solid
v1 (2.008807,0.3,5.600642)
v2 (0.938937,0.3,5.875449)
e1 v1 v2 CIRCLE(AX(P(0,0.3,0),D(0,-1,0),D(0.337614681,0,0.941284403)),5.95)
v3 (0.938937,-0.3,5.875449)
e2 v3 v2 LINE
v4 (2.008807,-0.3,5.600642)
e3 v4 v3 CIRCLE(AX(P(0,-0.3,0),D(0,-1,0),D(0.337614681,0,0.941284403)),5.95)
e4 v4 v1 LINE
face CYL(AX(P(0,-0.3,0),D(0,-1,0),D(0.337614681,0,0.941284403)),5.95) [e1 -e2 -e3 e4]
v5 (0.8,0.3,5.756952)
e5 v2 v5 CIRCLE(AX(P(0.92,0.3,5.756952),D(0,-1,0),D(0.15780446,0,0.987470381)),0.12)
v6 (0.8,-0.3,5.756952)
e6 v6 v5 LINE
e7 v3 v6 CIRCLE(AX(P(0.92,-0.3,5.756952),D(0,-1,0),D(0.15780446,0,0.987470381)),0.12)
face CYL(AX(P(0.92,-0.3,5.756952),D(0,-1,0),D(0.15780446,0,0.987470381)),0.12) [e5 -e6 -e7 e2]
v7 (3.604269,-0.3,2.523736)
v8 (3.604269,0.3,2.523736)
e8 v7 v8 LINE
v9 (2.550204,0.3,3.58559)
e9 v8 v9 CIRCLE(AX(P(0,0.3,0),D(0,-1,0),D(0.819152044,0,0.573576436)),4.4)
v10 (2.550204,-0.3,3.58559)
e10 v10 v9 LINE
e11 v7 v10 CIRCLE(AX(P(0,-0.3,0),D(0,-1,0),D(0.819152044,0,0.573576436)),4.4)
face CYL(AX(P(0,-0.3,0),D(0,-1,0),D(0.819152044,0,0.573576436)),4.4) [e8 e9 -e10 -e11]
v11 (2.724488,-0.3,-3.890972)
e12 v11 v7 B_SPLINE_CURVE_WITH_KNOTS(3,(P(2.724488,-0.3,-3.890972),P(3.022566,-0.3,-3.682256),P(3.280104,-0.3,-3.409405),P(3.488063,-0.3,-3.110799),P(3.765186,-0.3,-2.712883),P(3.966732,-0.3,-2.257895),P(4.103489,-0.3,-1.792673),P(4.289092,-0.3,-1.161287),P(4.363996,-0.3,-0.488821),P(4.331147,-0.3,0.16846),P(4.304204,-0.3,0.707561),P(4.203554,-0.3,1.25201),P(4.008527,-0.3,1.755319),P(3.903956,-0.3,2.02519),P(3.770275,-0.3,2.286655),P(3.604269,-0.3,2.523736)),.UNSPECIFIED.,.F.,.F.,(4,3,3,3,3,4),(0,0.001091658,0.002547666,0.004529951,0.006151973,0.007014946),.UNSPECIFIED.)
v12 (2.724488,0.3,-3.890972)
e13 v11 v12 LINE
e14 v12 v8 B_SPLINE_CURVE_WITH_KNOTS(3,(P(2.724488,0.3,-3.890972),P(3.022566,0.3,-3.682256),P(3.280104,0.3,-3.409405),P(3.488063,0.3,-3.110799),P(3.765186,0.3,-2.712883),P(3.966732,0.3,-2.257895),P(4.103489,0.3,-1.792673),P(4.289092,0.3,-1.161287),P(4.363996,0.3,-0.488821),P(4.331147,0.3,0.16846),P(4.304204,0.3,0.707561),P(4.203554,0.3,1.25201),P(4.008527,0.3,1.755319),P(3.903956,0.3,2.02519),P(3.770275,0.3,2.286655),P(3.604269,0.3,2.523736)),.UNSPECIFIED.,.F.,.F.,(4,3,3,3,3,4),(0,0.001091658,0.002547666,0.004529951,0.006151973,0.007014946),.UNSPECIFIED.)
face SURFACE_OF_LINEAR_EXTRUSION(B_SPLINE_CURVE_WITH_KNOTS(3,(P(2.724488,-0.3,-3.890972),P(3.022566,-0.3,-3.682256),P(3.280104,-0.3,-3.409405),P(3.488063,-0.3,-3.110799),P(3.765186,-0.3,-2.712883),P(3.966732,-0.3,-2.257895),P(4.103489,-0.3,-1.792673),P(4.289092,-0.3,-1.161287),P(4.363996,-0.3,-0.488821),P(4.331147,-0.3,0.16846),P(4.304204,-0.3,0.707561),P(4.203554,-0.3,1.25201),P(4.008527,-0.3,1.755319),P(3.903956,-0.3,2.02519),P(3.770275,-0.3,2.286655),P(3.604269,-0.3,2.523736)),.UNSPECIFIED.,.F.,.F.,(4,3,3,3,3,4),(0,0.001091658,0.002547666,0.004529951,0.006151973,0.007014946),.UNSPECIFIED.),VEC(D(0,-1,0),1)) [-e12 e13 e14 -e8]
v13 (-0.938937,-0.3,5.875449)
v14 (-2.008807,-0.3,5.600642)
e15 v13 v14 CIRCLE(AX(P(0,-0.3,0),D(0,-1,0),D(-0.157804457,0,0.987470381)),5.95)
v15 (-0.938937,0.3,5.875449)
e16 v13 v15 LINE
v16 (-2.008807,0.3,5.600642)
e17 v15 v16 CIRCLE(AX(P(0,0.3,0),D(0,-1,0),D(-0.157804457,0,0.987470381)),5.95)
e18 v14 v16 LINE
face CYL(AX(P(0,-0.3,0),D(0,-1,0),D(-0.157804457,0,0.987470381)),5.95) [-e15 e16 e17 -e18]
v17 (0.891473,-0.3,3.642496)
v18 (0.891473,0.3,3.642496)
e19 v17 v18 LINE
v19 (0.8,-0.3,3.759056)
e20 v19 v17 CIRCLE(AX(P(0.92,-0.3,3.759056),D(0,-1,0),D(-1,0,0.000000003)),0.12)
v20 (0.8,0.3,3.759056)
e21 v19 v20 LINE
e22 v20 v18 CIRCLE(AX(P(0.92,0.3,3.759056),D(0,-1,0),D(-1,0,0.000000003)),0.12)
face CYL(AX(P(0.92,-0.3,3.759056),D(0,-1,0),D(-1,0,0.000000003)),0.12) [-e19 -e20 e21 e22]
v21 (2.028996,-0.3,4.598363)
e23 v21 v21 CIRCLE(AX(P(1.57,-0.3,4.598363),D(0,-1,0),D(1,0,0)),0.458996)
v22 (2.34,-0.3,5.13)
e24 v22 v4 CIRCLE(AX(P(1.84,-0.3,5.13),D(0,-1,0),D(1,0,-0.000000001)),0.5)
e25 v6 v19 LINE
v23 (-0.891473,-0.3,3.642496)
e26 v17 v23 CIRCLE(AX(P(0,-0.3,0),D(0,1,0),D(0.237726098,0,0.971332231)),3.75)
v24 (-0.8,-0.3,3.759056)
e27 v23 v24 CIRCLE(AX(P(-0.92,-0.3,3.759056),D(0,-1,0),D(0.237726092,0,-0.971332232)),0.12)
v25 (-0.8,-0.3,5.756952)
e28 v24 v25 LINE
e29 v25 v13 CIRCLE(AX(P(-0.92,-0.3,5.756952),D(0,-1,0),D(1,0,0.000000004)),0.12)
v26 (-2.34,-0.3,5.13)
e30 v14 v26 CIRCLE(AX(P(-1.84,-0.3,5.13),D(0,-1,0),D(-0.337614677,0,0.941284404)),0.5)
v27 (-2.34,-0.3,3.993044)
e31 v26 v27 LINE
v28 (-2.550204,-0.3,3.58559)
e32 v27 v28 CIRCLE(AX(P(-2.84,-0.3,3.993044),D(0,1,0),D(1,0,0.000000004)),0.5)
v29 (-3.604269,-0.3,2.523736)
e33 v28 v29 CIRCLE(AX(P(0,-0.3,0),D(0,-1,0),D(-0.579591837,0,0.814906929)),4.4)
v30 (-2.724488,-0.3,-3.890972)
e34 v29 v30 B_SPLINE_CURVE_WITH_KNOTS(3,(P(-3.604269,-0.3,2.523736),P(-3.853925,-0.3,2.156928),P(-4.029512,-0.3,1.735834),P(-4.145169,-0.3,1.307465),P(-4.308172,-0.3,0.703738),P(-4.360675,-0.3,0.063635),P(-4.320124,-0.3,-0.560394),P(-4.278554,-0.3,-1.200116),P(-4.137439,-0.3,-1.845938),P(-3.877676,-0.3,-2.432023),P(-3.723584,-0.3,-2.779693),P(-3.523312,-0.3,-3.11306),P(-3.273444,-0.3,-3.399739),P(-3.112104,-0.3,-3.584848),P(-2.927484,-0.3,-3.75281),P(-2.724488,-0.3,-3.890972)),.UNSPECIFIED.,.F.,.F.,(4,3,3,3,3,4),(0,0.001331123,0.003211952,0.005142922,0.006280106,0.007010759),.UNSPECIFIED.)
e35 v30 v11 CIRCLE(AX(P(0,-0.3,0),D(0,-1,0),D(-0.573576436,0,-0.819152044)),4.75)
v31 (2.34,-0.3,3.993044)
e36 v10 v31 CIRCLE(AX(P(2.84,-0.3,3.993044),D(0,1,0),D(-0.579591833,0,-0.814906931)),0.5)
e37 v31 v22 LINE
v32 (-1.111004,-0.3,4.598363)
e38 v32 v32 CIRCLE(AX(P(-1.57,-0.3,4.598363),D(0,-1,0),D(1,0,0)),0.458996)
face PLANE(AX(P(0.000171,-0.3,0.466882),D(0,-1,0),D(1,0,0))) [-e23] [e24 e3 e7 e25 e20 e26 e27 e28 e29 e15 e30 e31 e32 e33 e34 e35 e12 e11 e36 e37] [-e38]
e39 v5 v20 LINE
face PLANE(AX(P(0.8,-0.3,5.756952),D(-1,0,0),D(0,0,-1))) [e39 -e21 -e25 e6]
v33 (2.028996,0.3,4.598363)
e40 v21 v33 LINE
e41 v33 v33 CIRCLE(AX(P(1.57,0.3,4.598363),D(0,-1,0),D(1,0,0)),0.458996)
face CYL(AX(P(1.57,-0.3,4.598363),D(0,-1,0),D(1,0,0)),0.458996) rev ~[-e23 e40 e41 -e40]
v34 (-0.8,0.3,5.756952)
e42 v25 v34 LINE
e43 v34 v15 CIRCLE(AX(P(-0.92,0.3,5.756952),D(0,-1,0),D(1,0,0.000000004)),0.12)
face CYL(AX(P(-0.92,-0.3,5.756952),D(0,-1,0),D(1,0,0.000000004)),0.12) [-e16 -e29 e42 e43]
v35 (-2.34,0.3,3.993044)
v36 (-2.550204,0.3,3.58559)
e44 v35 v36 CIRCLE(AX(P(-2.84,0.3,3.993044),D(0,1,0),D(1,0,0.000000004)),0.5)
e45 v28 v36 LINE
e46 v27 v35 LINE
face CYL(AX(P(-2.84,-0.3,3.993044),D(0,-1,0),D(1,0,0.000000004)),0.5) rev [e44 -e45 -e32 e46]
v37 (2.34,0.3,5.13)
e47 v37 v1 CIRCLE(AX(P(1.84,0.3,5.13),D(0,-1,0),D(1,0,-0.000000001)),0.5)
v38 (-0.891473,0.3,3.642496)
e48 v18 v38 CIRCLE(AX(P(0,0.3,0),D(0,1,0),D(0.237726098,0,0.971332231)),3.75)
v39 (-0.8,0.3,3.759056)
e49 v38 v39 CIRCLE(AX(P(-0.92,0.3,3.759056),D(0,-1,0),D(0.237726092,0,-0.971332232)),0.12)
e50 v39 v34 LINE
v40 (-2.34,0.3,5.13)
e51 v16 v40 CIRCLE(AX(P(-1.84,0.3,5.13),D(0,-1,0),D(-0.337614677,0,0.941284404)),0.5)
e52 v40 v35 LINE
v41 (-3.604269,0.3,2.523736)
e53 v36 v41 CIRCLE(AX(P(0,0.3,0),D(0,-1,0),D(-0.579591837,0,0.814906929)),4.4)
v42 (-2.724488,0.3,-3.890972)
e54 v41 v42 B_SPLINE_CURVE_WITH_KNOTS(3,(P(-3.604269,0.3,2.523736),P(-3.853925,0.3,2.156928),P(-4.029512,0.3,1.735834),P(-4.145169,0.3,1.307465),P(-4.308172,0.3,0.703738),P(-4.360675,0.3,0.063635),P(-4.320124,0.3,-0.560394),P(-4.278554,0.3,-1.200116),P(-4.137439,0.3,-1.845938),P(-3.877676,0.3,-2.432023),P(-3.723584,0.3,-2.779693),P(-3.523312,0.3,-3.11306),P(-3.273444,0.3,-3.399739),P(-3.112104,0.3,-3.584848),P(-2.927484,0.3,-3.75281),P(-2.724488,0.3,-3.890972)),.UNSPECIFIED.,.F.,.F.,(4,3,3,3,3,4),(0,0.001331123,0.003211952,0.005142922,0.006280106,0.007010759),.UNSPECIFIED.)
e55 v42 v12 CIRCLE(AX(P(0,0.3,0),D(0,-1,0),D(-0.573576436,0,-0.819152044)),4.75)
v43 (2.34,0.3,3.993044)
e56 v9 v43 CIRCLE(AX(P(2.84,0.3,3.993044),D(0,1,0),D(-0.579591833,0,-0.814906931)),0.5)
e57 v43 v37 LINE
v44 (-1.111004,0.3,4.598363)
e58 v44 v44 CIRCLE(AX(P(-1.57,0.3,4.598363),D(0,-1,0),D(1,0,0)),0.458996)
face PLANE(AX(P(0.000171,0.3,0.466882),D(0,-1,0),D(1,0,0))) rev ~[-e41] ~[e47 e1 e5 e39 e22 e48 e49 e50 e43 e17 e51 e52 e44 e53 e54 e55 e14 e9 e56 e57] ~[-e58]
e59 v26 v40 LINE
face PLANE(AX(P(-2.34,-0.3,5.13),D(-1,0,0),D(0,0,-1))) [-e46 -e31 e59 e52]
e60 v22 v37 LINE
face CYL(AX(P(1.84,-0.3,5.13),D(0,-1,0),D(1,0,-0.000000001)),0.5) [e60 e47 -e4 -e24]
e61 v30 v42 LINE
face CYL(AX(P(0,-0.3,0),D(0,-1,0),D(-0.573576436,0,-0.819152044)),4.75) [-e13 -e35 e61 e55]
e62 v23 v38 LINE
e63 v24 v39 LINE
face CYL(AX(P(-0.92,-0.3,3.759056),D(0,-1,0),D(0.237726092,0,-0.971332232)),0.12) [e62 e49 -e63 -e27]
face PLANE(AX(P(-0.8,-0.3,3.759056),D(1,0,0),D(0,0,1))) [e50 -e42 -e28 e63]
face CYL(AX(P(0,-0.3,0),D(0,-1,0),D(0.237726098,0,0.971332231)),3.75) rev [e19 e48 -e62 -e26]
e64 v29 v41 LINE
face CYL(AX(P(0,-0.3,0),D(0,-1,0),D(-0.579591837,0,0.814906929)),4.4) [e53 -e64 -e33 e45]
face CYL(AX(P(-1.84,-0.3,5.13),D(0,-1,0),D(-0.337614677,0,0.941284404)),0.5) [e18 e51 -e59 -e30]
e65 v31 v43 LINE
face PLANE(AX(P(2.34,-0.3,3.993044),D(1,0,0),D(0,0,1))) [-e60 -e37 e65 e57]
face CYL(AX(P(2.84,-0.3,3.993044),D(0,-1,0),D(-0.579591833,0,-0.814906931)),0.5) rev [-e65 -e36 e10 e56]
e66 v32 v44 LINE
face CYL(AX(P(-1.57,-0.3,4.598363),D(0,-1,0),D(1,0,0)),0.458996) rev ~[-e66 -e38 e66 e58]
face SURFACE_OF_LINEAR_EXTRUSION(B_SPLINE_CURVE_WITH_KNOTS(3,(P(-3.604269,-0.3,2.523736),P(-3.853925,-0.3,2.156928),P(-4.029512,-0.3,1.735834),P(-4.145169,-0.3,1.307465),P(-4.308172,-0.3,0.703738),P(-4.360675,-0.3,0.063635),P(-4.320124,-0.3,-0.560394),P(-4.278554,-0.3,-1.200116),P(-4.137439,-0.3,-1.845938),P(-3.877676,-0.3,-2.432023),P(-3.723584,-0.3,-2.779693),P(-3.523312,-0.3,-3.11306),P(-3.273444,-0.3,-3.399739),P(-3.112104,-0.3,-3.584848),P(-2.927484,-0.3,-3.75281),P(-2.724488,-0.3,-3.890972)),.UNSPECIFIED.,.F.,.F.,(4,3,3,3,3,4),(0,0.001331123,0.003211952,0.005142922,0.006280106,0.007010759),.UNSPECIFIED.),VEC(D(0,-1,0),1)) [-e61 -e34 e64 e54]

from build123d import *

# Parameters (mm, degrees)
SCHIZZO1_R                   = 0.458996056
ESTRUSIONE_ESTRUSIONE1_DEPTH = 0.6


with BuildPart() as part:
    # Schizzo1 → Estrusione-Estrusione1 (new body)
    with BuildSketch(Plane.XZ.offset(0.3)):
        with BuildLine():
            Line((-2.34, 5.13), (-2.34, 3.993043952))
            ThreePointArc((-2.34, 3.993043952), (-2.395647685, 3.763803858), (-2.550204082, 3.585590487))
            ThreePointArc((-2.550204082, 3.585590487), (-3.12270208, 3.099795432), (-3.604268995, 2.52373632))
            add(Edge.make_bspline(
                [(-3.604268995, 2.52373632), (-3.853924568, 2.156927576), (-4.029511845, 1.735833882), (-4.145169154, 1.307464944), (-4.308172181, 0.703737997), (-4.360675474, 0.06363484), (-4.320124497, -0.560393871), (-4.278553695, -1.200116418), (-4.137438556, -1.845937547), (-3.877676401, -2.432023456), (-3.723583884, -2.779693241), (-3.52331205, -3.113059535), (-3.273444303, -3.39973861), (-3.112104376, -3.58484766), (-2.9274837, -3.75281032), (-2.724488073, -3.89097221)],
                knots=[0, 0, 0, 0, 0.001331123, 0.001331123, 0.001331123, 0.003211952, 0.003211952, 0.003211952, 0.005142922, 0.005142922, 0.005142922, 0.006280106, 0.006280106, 0.006280106, 0.007010759, 0.007010759, 0.007010759, 0.007010759], degree=3))
            ThreePointArc((-2.724488073, -3.89097221), (0, -4.75), (2.724488073, -3.89097221))
            add(Edge.make_bspline(
                [(2.724488073, -3.89097221), (3.02256608, -3.682255743), (3.280103619, -3.409405395), (3.48806342, -3.110798992), (3.7651858, -2.712883068), (3.966732048, -2.257894847), (4.103489225, -1.792672996), (4.28909221, -1.161287017), (4.363995711, -0.488820559), (4.33114693, 0.168459959), (4.304204363, 0.707561374), (4.203554262, 1.252009555), (4.008527428, 1.755319372), (3.903955576, 2.02519013), (3.770275035, 2.286655125), (3.604268995, 2.52373632)],
                knots=[0, 0, 0, 0, 0.001091658, 0.001091658, 0.001091658, 0.002547666, 0.002547666, 0.002547666, 0.004529951, 0.004529951, 0.004529951, 0.006151973, 0.006151973, 0.006151973, 0.007014946, 0.007014946, 0.007014946, 0.007014946], degree=3))
            ThreePointArc((3.604268995, 2.52373632), (3.12270208, 3.099795432), (2.550204082, 3.585590487))
            ThreePointArc((2.550204082, 3.585590487), (2.395647685, 3.763803858), (2.34, 3.993043952))
            Line((2.34, 3.993043952), (2.34, 5.13))
            ThreePointArc((2.34, 5.13), (2.24890321, 5.417746703), (2.008807339, 5.600642202))
            ThreePointArc((2.008807339, 5.600642202), (1.480262865, 5.762926501), (0.938936535, 5.875448764))
            ThreePointArc((0.938936535, 5.875448764), (0.842129544, 5.848255068), (0.8, 5.756952319))
            Line((0.8, 5.756952319), (0.8, 3.759055732))
            ThreePointArc((0.8, 3.759055732), (0.825598581, 3.684972184), (0.891472868, 3.642495865))
            ThreePointArc((0.891472868, 3.642495865), (0, -3.75), (-0.891472868, 3.642495865))
            ThreePointArc((-0.891472868, 3.642495865), (-0.825598581, 3.684972184), (-0.8, 3.759055732))
            Line((-0.8, 3.759055732), (-0.8, 5.756952319))
            ThreePointArc((-0.8, 5.756952319), (-0.842129544, 5.848255068), (-0.938936535, 5.875448764))
            ThreePointArc((-0.938936535, 5.875448764), (-1.480262865, 5.762926501), (-2.008807339, 5.600642202))
            ThreePointArc((-2.008807339, 5.600642202), (-2.24890321, 5.417746703), (-2.34, 5.13))
        make_face()
        with Locations((1.57, 4.598363042)):
            Circle(SCHIZZO1_R, mode=Mode.SUBTRACT)
        with Locations((-1.57, 4.598363042)):
            Circle(SCHIZZO1_R, mode=Mode.SUBTRACT)
    extrude(amount=-ESTRUSIONE_ESTRUSIONE1_DEPTH)


solid = part.part
